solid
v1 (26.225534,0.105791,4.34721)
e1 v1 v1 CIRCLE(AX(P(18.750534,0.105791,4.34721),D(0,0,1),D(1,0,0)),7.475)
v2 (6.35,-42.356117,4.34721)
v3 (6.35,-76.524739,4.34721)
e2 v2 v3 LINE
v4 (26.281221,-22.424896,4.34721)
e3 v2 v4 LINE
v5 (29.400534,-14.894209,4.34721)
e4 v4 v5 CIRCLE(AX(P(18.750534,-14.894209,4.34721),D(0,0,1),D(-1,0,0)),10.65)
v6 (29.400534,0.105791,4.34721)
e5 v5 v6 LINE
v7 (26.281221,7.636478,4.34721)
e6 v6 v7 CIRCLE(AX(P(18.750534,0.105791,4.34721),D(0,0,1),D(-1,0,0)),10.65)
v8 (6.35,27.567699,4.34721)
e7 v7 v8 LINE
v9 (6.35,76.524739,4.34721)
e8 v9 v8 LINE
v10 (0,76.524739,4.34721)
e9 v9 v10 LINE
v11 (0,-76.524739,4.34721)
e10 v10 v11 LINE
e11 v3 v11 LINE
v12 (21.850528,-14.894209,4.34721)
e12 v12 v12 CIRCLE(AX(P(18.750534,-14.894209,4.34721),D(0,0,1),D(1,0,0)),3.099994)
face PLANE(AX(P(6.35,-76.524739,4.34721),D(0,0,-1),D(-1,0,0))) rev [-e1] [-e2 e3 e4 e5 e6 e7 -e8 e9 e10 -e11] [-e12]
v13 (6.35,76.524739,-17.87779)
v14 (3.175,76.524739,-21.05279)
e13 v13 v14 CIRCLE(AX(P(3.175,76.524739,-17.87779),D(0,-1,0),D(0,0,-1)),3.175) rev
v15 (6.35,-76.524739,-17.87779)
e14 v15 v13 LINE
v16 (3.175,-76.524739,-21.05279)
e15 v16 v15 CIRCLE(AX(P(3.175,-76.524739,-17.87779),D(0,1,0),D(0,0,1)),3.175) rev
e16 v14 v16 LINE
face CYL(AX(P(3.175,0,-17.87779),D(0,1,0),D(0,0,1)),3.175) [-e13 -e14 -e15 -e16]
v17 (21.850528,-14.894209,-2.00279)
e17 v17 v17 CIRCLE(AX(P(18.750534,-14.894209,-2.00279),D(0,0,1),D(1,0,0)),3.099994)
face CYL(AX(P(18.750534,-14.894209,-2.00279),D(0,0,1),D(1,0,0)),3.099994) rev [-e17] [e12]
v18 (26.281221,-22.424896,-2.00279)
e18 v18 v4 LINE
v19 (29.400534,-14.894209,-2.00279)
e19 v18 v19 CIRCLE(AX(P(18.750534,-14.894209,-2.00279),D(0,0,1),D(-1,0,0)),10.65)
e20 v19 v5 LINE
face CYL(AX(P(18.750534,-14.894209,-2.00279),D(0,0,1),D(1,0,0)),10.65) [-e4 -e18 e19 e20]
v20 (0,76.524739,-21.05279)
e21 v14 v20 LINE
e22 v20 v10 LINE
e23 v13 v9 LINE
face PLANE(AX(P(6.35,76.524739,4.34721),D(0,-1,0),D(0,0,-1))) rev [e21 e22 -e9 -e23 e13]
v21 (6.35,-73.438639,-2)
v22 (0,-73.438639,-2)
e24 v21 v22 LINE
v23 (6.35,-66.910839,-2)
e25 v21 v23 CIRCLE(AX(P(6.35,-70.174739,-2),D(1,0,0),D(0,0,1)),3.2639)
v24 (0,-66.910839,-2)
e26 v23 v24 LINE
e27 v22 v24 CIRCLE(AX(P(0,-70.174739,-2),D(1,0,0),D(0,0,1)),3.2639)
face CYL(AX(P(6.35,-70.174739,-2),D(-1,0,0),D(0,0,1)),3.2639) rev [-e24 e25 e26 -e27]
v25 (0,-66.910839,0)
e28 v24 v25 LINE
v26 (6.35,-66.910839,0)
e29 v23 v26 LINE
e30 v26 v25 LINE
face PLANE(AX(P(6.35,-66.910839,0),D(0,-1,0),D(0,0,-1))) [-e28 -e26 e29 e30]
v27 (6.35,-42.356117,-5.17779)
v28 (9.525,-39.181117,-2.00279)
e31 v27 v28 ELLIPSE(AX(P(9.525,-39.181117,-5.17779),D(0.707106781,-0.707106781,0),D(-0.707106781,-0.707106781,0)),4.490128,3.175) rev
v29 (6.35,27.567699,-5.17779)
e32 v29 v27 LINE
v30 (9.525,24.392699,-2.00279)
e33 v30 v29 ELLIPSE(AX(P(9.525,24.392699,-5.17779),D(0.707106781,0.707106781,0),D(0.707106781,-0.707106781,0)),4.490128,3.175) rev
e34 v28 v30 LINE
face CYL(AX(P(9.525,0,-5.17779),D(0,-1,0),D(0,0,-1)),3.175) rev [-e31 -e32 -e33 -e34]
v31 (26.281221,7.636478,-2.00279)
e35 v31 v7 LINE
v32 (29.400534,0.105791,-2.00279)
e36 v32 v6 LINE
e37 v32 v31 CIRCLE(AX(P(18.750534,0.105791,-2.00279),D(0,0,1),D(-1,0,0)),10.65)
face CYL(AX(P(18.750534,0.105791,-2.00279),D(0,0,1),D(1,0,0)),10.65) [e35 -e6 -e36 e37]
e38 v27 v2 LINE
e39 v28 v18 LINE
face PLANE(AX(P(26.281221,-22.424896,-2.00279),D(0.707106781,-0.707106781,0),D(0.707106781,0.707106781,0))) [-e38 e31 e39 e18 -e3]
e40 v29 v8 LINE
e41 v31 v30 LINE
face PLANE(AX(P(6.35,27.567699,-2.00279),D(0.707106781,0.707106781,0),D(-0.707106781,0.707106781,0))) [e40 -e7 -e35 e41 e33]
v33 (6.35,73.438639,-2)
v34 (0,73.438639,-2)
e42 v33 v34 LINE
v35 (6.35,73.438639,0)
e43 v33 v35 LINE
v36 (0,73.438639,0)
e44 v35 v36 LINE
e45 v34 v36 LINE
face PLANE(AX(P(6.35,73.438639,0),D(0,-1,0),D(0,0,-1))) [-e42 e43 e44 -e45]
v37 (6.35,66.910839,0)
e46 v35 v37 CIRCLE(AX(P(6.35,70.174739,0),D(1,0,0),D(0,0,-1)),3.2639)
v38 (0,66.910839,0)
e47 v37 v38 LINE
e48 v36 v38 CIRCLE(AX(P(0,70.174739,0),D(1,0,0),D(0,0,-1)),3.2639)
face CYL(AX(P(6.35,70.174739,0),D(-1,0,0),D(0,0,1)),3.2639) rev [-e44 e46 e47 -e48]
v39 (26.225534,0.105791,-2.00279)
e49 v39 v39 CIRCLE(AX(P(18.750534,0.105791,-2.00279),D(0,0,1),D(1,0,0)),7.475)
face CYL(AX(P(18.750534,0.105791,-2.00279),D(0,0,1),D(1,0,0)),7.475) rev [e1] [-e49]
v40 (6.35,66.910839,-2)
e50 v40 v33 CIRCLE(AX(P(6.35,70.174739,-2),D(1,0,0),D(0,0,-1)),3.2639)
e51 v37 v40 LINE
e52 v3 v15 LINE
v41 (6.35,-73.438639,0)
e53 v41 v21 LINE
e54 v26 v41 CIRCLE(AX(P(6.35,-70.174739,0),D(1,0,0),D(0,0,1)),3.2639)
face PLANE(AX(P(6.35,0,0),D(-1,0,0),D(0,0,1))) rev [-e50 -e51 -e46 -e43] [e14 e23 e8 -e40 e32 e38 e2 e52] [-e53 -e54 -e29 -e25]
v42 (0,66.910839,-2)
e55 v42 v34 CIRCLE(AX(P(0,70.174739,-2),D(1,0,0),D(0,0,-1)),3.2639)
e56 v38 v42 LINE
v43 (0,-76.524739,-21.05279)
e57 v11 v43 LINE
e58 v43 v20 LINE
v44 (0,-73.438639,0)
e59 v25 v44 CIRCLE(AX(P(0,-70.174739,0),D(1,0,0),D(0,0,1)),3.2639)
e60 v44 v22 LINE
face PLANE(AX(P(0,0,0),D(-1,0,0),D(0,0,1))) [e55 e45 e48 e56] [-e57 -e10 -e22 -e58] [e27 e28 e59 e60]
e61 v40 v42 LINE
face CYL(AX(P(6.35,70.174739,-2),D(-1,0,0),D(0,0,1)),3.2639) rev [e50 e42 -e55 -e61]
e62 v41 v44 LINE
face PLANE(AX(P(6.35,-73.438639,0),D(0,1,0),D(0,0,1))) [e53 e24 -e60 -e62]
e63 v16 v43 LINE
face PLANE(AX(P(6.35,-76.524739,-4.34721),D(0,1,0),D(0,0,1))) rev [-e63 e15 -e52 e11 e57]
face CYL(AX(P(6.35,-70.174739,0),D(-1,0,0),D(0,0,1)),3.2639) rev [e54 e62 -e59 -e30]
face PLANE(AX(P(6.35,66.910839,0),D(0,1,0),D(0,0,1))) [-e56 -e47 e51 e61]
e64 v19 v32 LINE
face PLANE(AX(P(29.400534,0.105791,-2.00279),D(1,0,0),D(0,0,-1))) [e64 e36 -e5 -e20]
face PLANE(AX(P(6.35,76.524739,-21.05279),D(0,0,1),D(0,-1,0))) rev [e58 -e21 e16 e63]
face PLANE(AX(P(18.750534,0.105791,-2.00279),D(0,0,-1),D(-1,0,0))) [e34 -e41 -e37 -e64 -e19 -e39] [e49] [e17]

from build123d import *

# Parameters (mm, degrees)
BOSS_EXTRUDE1_DEPTH = 6.35
SKETCH2_R           = 7.475
SKETCH2_R_2         = 3.0999938
BOSS_EXTRUDE2_DEPTH = 6.35
FILLET1_R           = 3.175


with BuildPart() as part:
    # Sketch1 → Boss-Extrude1 (new body)
    with BuildSketch(Plane(origin=(0, 0, 0), x_dir=(0, 0, -1), z_dir=(1, 0, 0))):
        Polygon((-4.34721, -76.524739), (4.34721, -76.524739), (21.05279, -76.524739), (21.05279, 76.524739), (4.34721, 76.524739), (-4.34721, 76.524739), align=None)
        with BuildLine():
            Line((0, 73.438639), (2, 73.438639))
            ThreePointArc((2, 73.438639), (5.2639, 70.174739), (2, 66.910839))
            Line((2, 66.910839), (0, 66.910839))
            ThreePointArc((0, 66.910839), (-3.2639, 70.174739), (0, 73.438639))
        make_face(mode=Mode.SUBTRACT)
        with BuildLine():
            Line((0, -66.910839), (2, -66.910839))
            ThreePointArc((2, -66.910839), (5.2639, -70.174739), (2, -73.438639))
            Line((2, -73.438639), (0, -73.438639))
            ThreePointArc((0, -73.438639), (-3.2639, -70.174739), (0, -66.910839))
        make_face(mode=Mode.SUBTRACT)
    extrude(amount=BOSS_EXTRUDE1_DEPTH)

    # Sketch2 → Boss-Extrude2 (add)
    with BuildSketch(Plane.XY.offset(4.34721)):
        with BuildLine():
            Line((6.35, 27.567699439), (26.28122122, 7.63647822))
            ThreePointArc((26.28122122, 7.63647822), (28.589851021, 4.181369555), (29.400534, 0.105791))
            Line((29.400534, 0.105791), (29.400534, -14.894209))
            ThreePointArc((29.400534, -14.894209), (28.589851021, -18.969787555), (26.28122122, -22.42489622))
            Line((26.28122122, -22.42489622), (6.35, -42.356117439))
            Line((6.35, -42.356117439), (6.35, 27.567699439))
        make_face()
        with Locations((18.750534, 0.105791)):
            Circle(SKETCH2_R, mode=Mode.SUBTRACT)
        with Locations((18.750534, -14.894209)):
            Circle(SKETCH2_R_2, mode=Mode.SUBTRACT)
    extrude(amount=-BOSS_EXTRUDE2_DEPTH)

    # Fillet1
    fillet1_edges = [part.edges().sort_by_distance(p)[0] for p in [
        (6.35, 0, -21.05279),
        (6.35, -7.394209, -2.00279),
    ]]
    fillet(fillet1_edges, radius=FILLET1_R)


solid = part.part
